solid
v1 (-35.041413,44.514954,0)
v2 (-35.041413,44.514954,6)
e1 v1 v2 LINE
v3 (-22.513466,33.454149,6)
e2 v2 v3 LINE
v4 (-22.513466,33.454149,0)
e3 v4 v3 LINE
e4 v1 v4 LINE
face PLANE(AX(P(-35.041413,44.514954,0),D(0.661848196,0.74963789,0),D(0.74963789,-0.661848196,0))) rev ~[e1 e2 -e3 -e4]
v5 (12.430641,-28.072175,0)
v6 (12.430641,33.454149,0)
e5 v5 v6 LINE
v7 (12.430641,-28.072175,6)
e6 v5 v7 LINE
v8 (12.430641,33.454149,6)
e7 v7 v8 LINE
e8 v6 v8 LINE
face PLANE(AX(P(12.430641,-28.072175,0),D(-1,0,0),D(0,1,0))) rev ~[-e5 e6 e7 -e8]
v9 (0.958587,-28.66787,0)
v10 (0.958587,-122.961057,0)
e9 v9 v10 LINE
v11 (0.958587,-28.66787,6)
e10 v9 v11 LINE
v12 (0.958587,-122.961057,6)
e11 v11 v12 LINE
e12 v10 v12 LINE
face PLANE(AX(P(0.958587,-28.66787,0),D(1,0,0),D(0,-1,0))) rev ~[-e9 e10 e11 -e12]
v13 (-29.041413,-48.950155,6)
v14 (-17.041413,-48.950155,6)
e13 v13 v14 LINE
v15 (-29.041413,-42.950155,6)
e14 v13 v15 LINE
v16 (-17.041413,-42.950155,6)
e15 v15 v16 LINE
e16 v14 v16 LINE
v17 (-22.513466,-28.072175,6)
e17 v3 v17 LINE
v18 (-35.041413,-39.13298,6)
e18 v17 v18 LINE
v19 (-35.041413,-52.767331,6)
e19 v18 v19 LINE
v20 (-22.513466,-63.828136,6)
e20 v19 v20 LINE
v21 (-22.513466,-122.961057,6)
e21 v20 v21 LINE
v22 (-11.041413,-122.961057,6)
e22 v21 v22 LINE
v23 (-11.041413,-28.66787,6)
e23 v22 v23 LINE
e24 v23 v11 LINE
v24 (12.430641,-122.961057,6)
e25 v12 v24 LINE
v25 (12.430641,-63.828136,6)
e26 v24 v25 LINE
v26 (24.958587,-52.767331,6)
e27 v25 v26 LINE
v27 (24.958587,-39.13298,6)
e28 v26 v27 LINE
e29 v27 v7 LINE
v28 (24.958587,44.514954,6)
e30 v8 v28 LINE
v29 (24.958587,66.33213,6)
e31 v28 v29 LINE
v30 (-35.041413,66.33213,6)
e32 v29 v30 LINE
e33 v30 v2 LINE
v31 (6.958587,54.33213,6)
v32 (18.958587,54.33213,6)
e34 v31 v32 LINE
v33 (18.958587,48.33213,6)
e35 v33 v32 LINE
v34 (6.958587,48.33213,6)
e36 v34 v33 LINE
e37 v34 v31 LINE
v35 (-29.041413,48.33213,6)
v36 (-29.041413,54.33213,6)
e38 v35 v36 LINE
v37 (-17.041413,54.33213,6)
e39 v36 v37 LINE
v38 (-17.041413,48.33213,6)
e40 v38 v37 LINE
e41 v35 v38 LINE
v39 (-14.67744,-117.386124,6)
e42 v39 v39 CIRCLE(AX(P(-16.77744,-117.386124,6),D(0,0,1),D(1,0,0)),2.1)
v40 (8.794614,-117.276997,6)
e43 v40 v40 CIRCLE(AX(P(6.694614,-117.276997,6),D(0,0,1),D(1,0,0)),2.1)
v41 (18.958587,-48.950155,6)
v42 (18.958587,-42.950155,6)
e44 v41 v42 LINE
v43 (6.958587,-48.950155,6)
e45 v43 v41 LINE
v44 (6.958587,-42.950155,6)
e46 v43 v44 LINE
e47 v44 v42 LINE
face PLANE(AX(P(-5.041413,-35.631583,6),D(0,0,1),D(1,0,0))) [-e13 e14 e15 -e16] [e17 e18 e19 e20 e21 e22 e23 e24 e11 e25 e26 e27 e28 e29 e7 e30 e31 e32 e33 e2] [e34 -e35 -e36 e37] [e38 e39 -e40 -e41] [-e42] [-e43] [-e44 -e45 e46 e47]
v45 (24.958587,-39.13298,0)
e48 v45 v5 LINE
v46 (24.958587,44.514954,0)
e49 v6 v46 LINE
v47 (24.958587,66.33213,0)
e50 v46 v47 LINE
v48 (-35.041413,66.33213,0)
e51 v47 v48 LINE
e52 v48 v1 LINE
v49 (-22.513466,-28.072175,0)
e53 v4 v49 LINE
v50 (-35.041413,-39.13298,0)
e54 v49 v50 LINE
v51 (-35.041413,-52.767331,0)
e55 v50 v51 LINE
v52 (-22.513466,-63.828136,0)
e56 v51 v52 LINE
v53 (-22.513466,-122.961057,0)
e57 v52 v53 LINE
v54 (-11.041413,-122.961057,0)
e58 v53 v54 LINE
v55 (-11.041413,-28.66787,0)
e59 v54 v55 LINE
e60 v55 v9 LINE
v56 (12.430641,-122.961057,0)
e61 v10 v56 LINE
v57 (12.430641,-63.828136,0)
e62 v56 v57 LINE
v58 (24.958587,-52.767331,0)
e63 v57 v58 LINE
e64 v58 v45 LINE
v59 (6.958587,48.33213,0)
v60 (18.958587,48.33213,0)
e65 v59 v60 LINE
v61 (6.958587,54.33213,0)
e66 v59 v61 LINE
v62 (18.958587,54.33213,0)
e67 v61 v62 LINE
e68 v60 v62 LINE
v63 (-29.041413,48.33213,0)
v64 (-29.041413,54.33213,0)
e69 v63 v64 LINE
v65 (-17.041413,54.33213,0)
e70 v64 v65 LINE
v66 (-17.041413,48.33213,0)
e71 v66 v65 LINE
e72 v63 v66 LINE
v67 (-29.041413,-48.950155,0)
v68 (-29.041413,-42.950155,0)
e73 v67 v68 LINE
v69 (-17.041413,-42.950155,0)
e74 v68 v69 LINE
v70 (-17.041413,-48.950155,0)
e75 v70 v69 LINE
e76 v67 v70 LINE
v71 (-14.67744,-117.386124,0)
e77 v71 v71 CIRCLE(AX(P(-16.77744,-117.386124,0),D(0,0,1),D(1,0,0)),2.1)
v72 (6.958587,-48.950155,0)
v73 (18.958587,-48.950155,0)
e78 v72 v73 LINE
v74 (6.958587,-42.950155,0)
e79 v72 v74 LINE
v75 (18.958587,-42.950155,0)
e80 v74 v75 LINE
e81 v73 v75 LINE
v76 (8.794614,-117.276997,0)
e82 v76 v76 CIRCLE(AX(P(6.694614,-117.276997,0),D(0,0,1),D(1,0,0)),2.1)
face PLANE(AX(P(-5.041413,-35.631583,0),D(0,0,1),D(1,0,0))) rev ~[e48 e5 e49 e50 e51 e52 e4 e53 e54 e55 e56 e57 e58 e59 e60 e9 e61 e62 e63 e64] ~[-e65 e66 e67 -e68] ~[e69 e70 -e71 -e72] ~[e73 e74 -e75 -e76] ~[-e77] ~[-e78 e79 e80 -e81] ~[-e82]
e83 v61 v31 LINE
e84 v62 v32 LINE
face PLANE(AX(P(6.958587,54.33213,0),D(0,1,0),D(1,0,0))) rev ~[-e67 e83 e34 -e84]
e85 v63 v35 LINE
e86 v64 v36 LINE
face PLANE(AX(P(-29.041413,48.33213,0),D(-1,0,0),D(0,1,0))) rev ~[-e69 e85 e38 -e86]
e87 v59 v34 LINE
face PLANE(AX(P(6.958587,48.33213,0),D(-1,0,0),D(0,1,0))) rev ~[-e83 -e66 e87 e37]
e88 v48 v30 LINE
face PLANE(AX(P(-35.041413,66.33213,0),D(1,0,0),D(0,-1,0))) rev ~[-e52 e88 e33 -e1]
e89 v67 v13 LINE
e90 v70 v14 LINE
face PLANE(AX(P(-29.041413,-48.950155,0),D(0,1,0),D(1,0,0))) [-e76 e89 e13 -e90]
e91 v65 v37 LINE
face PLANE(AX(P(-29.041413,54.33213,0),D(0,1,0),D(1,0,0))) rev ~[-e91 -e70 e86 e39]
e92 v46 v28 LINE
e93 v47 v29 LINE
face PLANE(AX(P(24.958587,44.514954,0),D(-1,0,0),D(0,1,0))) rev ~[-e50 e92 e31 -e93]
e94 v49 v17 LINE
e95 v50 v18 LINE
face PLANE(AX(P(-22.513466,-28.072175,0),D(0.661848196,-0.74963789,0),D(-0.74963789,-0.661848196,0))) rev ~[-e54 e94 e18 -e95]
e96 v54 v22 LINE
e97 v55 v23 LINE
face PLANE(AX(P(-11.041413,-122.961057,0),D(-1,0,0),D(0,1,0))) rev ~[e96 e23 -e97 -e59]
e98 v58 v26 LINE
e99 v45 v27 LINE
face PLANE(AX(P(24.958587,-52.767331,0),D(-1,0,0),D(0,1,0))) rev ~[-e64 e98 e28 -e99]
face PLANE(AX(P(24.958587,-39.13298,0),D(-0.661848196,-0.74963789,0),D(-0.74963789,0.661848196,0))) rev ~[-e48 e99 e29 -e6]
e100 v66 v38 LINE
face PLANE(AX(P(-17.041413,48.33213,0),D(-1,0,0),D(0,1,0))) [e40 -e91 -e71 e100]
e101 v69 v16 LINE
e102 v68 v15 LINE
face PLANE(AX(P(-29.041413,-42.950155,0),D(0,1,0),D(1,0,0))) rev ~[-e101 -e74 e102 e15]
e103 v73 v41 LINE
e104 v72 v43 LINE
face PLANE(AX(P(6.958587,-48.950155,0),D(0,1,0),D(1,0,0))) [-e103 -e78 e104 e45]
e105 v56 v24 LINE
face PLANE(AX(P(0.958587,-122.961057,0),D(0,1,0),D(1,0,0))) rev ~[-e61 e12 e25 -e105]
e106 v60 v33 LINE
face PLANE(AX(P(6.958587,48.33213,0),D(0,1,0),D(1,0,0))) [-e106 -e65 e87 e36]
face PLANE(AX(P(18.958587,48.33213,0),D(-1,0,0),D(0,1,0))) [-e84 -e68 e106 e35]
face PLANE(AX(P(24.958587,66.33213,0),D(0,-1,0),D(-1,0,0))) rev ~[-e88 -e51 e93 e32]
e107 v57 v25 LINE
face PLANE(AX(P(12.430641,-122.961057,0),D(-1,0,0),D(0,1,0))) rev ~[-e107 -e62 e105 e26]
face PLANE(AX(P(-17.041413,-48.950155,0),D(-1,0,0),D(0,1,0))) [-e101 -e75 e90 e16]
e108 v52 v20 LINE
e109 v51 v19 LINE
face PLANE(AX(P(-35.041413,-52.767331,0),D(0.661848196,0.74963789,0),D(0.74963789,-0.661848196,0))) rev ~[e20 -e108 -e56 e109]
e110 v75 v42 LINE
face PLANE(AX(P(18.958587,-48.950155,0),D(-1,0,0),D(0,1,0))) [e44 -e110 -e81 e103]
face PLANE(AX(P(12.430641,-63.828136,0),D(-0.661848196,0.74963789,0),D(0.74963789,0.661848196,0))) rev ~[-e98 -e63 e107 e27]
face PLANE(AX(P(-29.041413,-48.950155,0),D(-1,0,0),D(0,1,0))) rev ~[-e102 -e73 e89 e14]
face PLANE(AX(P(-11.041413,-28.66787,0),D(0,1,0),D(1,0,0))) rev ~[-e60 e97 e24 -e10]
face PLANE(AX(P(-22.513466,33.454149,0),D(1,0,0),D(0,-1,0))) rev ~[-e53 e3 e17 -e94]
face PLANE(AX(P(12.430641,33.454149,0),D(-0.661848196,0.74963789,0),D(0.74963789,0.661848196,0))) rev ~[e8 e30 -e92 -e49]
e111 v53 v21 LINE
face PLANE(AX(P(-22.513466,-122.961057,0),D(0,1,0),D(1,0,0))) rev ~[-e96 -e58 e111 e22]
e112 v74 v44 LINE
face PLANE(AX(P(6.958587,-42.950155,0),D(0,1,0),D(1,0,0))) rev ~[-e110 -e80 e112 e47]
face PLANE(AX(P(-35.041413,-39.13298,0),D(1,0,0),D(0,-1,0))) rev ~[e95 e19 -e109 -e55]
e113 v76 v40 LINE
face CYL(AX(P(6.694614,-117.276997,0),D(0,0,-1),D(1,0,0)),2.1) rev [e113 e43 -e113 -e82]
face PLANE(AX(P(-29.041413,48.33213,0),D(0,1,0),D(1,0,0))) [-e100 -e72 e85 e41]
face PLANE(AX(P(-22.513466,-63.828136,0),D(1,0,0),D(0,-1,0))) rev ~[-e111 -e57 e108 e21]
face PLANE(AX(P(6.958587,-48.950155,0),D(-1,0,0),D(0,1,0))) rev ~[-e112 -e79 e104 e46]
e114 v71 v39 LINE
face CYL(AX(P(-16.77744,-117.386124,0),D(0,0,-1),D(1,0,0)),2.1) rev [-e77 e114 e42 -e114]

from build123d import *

# Parameters (mm, degrees)
SKETCH1_R           = 2.1
SKETCH1_W           = 12
SKETCH1_H           = 6
BOSS_EXTRUDE1_DEPTH = 6


with BuildPart() as part:
    # Sketch1 → Boss-Extrude1 (new body)
    with BuildSketch(Plane.XY):
        Polygon((24.958587154, 66.332129581), (-35.041412846, 66.332129581), (-35.041412846, 44.514954247), (-22.5134665, 33.454149031), (-22.5134665, -28.072174919), (-35.041412846, -39.132980135), (-35.041412846, -52.767330805), (-22.5134665, -63.828136021), (-22.5134665, -122.961056524), (-11.041412846, -122.961056524), (-11.041412846, -73.667870419), (-11.041412846, -28.667870419), (0.958587154, -28.667870419), (0.958587154, -73.667870419), (0.958587154, -122.961056524), (12.430640807, -122.961056524), (12.430640807, -63.828136021), (24.958587154, -52.767330805), (24.958587154, -39.132980135), (12.430640807, -28.072174919), (12.430640807, 33.454149031), (24.958587154, 44.514954247), align=None)
        with Locations((-16.777439673, -117.386123735)):
            Circle(SKETCH1_R, mode=Mode.SUBTRACT)
        with Locations((-23.041412846, -45.95015547)):
            Rectangle(SKETCH1_W, SKETCH1_H, mode=Mode.SUBTRACT)
        with Locations((6.69461398, -117.276997452)):
            Circle(SKETCH1_R, mode=Mode.SUBTRACT)
        with Locations((12.958587154, -45.95015547)):
            Rectangle(SKETCH1_W, SKETCH1_H, mode=Mode.SUBTRACT)
        with Locations((-23.041412846, 51.332129581)):
            Rectangle(SKETCH1_W, SKETCH1_H, mode=Mode.SUBTRACT)
        with Locations((12.958587154, 51.332129581)):
            Rectangle(SKETCH1_W, SKETCH1_H, mode=Mode.SUBTRACT)
    extrude(amount=BOSS_EXTRUDE1_DEPTH)


solid = part.part
